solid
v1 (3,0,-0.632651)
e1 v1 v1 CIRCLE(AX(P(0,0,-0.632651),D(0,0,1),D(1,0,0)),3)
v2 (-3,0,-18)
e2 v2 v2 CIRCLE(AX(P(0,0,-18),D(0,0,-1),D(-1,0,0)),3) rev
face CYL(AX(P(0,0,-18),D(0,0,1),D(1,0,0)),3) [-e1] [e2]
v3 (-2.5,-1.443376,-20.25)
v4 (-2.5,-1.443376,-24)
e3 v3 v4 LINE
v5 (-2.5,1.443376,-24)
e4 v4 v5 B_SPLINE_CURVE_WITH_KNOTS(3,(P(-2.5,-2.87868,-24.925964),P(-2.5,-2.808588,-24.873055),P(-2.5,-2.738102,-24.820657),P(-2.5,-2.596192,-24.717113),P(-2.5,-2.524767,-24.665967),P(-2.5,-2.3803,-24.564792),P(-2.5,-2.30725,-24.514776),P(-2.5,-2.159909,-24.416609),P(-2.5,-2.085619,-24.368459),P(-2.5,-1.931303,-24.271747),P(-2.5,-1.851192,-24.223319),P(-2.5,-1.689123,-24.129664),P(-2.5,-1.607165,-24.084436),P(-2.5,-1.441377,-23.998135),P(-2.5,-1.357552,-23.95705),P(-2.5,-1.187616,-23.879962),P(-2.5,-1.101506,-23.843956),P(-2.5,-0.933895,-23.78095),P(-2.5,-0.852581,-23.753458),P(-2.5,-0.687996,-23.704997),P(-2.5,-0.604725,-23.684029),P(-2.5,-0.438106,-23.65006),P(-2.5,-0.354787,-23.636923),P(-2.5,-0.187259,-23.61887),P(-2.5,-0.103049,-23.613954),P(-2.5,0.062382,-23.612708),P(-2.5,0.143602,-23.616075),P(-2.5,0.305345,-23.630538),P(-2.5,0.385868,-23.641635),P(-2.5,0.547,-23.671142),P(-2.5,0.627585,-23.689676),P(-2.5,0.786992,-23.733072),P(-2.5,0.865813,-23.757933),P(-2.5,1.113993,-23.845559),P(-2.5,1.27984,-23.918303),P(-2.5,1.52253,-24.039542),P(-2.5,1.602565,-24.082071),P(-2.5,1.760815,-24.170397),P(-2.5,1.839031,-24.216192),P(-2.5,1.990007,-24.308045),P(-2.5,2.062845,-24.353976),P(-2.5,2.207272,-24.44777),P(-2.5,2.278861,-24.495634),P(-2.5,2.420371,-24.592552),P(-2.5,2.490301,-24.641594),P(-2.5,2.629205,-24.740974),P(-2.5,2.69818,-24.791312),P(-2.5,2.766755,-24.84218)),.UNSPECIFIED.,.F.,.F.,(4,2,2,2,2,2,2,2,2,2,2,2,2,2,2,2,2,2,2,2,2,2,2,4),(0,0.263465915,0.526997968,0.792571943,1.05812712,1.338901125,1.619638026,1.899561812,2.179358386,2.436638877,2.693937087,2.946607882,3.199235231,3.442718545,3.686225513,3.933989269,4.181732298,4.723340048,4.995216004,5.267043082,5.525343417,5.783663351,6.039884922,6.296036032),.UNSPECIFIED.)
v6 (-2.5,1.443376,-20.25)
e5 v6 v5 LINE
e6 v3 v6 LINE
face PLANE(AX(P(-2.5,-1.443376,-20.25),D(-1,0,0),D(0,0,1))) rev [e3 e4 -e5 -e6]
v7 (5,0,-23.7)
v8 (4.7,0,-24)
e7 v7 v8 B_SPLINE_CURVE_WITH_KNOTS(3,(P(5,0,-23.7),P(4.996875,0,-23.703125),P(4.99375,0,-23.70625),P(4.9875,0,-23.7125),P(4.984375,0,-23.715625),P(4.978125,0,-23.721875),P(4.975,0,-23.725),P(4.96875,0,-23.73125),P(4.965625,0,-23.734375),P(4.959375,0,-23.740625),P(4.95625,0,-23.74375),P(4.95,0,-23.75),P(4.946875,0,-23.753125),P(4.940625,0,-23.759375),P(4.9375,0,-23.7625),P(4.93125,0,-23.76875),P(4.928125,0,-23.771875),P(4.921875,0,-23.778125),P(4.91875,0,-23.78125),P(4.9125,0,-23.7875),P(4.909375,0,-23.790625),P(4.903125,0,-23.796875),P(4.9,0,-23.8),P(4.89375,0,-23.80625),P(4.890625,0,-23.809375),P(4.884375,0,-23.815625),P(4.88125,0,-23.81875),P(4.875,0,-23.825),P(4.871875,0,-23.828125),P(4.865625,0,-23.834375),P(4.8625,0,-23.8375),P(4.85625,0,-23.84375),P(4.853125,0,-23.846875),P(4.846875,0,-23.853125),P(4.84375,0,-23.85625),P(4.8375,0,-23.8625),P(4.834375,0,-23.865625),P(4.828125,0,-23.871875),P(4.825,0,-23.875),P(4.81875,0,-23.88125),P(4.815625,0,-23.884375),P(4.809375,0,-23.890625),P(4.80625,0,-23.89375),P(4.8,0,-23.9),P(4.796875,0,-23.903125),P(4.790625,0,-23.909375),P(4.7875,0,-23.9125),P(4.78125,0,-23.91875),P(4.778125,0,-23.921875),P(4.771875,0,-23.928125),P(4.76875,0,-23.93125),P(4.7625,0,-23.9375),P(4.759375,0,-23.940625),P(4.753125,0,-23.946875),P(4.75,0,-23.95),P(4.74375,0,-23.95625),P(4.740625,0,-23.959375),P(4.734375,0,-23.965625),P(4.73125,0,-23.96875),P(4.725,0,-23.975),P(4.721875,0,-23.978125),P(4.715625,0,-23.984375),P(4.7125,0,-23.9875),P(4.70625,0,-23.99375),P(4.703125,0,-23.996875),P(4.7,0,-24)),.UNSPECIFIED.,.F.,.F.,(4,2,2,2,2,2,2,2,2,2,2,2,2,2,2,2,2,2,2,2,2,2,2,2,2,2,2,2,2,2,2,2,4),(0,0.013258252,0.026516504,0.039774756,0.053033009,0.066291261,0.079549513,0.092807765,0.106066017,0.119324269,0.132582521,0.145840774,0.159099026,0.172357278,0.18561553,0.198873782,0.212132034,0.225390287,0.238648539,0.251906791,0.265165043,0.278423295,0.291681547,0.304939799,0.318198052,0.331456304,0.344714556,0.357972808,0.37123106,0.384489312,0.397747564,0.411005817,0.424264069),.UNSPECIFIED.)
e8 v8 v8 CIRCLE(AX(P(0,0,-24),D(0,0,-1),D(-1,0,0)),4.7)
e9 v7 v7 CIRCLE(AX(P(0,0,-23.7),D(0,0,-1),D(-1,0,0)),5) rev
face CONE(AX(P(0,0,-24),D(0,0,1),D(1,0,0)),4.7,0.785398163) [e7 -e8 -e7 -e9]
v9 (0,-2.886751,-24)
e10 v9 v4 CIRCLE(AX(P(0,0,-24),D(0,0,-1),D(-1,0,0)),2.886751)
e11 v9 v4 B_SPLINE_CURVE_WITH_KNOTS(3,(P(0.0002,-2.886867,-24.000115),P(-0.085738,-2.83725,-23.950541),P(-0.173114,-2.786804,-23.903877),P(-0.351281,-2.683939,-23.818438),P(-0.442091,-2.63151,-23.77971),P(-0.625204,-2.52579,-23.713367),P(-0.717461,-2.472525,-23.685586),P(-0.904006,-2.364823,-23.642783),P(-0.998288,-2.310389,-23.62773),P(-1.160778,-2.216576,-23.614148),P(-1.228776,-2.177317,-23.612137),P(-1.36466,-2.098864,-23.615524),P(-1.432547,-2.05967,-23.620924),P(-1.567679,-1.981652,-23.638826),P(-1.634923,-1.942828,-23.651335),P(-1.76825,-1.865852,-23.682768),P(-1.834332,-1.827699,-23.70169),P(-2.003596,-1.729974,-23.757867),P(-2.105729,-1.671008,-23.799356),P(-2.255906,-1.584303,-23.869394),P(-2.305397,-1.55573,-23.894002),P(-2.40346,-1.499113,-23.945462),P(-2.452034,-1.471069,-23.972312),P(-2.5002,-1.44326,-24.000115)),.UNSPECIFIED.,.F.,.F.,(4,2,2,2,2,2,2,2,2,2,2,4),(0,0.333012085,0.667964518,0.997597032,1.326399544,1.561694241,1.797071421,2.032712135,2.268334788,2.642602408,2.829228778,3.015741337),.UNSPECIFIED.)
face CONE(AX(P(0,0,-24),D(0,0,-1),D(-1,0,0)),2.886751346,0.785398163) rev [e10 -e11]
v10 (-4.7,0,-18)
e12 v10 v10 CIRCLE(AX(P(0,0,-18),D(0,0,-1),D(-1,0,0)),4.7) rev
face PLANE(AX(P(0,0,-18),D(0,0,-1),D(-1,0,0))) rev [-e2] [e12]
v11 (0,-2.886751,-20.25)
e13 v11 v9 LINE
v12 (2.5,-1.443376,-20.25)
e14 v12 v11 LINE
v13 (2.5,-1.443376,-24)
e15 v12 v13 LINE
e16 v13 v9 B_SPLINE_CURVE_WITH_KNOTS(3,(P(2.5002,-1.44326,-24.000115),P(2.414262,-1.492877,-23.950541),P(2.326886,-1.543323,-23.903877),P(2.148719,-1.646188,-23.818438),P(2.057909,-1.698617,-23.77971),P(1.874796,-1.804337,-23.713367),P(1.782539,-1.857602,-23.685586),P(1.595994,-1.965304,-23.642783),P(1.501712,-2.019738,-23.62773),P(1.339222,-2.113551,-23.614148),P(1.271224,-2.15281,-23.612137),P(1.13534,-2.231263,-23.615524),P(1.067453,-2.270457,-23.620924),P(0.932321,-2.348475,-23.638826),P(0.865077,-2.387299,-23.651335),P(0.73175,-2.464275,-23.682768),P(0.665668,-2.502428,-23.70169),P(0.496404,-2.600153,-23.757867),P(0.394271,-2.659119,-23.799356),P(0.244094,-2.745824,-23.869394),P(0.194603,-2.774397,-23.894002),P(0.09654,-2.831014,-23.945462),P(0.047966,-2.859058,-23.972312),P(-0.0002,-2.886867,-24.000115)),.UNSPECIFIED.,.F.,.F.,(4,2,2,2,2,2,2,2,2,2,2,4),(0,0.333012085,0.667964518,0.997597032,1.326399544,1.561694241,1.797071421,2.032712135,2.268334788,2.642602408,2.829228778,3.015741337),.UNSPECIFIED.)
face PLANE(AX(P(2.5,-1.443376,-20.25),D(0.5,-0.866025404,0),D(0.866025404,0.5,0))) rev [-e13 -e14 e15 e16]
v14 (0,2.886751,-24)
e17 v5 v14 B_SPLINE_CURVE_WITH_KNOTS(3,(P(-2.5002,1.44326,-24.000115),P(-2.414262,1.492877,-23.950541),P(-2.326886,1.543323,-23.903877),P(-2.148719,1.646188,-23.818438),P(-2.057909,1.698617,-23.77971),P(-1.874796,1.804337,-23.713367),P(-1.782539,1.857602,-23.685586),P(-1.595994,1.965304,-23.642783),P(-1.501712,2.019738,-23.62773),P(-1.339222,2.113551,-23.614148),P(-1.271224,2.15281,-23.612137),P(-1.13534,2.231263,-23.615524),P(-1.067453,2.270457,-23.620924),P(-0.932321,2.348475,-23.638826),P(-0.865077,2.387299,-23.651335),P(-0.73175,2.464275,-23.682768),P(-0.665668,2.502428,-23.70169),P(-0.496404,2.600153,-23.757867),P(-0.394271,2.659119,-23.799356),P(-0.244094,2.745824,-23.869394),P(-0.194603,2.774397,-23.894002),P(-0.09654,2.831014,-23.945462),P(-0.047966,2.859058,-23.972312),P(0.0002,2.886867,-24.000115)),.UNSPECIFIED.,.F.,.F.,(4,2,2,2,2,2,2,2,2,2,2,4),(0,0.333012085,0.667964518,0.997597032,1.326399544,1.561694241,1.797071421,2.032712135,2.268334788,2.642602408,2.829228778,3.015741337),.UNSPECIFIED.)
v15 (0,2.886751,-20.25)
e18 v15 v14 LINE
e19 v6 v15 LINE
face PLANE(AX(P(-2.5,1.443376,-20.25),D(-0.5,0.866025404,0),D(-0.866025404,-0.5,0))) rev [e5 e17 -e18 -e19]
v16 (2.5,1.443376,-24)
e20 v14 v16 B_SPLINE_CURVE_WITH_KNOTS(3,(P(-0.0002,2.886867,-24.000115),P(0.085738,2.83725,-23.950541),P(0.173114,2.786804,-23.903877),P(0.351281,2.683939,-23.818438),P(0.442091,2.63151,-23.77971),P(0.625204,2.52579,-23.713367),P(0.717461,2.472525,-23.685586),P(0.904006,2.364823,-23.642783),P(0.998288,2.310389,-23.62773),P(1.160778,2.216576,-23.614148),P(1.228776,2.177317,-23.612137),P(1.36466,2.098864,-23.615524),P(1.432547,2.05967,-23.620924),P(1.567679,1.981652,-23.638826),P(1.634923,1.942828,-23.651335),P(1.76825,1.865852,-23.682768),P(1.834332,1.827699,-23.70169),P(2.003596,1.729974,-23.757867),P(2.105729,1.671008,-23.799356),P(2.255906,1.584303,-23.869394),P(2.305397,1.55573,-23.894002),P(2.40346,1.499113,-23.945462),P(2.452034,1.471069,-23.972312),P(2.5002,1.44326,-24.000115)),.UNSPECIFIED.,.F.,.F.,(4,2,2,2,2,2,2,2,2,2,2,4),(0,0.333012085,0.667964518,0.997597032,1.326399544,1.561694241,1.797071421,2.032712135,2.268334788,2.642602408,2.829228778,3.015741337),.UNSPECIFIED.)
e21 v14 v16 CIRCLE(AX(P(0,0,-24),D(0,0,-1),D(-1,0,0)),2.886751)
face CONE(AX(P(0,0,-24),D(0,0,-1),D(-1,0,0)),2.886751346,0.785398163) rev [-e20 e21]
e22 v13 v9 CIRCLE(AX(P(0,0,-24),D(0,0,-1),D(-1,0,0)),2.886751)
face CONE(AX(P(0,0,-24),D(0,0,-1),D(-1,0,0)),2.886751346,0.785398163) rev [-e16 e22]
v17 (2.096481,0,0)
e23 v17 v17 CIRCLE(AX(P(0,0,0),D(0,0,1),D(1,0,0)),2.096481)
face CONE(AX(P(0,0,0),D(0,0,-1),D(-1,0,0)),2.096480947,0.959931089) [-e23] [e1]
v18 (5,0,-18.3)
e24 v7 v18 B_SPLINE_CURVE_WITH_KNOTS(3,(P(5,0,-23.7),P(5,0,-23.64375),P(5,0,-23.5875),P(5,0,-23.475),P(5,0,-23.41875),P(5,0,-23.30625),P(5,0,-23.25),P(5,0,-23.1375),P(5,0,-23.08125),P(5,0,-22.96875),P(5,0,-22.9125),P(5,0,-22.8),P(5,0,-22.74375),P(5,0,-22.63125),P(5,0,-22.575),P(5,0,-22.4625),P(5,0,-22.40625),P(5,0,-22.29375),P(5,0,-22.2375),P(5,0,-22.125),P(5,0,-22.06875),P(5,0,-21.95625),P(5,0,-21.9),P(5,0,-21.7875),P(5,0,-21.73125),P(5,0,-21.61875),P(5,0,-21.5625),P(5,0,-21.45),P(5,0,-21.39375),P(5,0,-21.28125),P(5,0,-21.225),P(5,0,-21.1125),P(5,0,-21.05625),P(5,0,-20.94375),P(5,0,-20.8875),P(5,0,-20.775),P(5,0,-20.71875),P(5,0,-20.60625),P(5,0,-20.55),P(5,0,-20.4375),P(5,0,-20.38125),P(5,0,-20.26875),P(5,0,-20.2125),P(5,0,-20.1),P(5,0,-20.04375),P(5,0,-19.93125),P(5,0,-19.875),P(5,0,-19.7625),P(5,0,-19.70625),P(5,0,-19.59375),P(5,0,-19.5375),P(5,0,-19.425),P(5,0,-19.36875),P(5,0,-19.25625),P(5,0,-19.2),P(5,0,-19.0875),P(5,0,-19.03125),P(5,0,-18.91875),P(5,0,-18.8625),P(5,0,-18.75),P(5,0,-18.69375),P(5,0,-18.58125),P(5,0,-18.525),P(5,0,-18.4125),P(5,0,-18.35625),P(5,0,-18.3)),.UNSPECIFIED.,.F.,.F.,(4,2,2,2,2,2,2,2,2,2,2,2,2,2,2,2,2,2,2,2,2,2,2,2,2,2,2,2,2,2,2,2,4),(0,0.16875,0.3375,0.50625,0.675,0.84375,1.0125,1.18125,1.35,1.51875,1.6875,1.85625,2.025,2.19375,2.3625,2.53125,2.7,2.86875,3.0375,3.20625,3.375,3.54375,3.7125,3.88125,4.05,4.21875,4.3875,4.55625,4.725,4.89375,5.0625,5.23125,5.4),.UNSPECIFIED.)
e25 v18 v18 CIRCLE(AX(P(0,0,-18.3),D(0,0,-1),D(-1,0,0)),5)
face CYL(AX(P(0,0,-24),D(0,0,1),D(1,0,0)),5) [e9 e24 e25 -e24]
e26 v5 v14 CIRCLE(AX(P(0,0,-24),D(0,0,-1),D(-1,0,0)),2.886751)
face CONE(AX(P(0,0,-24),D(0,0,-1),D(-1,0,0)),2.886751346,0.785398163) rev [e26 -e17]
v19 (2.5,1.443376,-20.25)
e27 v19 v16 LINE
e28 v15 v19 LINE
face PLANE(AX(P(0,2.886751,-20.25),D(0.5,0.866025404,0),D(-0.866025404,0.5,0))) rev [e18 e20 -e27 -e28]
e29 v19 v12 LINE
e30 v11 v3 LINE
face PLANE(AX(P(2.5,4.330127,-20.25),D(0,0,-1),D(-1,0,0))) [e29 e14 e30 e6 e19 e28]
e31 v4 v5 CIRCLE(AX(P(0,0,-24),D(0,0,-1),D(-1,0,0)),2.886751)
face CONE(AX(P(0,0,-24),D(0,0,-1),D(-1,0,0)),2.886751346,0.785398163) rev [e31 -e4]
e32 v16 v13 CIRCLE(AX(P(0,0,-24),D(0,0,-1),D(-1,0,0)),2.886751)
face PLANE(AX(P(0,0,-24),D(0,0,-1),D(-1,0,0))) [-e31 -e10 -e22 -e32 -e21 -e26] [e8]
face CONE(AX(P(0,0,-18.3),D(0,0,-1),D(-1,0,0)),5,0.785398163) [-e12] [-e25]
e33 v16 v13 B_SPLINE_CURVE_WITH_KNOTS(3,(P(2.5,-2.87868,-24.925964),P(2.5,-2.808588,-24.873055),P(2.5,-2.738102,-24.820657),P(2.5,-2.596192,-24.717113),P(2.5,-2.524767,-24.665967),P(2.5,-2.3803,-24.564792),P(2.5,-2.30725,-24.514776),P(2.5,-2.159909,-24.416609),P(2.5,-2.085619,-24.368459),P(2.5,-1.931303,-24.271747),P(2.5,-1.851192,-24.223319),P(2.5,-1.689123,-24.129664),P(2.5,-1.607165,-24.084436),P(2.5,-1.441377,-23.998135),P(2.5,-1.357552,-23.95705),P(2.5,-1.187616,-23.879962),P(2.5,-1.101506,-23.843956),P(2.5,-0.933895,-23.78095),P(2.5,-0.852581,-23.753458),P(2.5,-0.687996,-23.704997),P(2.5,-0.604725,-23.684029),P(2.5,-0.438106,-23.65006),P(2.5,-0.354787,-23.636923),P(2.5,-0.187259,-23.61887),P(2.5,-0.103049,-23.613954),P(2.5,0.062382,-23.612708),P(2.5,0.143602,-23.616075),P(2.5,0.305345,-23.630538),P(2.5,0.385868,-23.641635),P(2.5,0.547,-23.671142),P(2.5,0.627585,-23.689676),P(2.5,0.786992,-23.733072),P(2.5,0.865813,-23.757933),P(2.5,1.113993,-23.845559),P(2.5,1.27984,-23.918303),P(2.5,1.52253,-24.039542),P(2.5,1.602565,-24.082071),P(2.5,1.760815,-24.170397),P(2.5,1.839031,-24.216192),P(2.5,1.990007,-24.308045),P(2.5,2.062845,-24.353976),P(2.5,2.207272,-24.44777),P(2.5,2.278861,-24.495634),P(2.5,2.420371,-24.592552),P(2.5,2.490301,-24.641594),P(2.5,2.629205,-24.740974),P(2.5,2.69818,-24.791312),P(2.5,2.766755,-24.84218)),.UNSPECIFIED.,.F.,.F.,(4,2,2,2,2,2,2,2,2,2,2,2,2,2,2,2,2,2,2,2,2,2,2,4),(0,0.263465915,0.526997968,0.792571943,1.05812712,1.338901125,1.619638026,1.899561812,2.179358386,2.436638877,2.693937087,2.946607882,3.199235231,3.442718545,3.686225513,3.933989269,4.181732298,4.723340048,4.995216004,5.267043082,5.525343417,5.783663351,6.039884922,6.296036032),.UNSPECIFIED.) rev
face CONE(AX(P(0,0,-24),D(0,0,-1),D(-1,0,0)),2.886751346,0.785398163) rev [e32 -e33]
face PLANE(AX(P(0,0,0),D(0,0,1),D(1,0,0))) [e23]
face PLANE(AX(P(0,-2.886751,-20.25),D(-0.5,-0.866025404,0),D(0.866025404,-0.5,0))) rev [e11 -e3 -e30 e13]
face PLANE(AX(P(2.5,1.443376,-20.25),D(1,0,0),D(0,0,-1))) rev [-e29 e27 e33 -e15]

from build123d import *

# Parameters (mm, degrees)
SKETCH1_R          = 3
EXTRUDE1_DEPTH     = 18
SKETCH6_R          = 5
EXTRUDE2_DEPTH     = 6
CUT_EXTRUDE1_DEPTH = 3.75
CHAMFER1_SIZE      = 0.3


with BuildPart() as part:
    # Sketch1 → Extrude1 (new body)
    with BuildSketch(Plane.XY):
        Circle(SKETCH1_R)
    extrude(amount=-EXTRUDE1_DEPTH)

    # Sketch4 → Cut-Revolve1 (revolve, cut)
    with BuildSketch(Plane(origin=(0, 0, 0), x_dir=(0, 0, -1), z_dir=(1, 0, 0))):
        Polygon((0.632650852, 3), (0, 2.096480947), (0, 3), align=None)
    revolve(axis=Axis((0, 0, 0), (0, 0, -1)), mode=Mode.SUBTRACT)

    # Sketch6 → Extrude2 (add)
    with BuildSketch(Plane(origin=(0, 0, -18), x_dir=(-1, 0, 0), z_dir=(0, 0, -1))):
        Circle(SKETCH6_R)
    extrude(amount=EXTRUDE2_DEPTH)

    # Sketch7 → Cut-Extrude1 (cut)
    with BuildSketch(Plane(origin=(0, 0, -24), x_dir=(-1, 0, 0), z_dir=(0, 0, -1))):
        Polygon((0, 2.886751346), (-2.5, 1.443375673), (-2.5, -1.443375673), (0, -2.886751346), (2.5, -1.443375673), (2.5, 1.443375673), align=None)
    extrude(amount=-CUT_EXTRUDE1_DEPTH, mode=Mode.SUBTRACT)

    # Cut-Extrude2 cone 1 section (through the dimple's axis) → Cut-Extrude2 (revolve, cut)
    with BuildSketch(Plane(origin=(0, 0, -24), x_dir=(0, 1, 0), z_dir=(1, 0, 0))):
        Polygon((0, 0), (2.886751346, 0), (0, 2.886751346), align=None)
    revolve(axis=Axis((0, 0, -24), (0, 0, 1)), mode=Mode.SUBTRACT)

    # Chamfer1
    chamfer1_edges = [part.edges().sort_by_distance(p)[0] for p in [
        (5, 0, -24),
        (5, 0, -18),
    ]]
    chamfer(chamfer1_edges, length=CHAMFER1_SIZE)

    # Sketch10 → Revolve1 (revolve)
    with BuildSketch(Plane(origin=(0, 0, 0), x_dir=(0, 0, -1), z_dir=(1, 0, 0))):
        Polygon((18, 3), (18, 0), (16.507359313, 0), (17.75, 3), align=None)
    revolve(axis=Axis((0, 0, -18), (0, 0, 1)))


solid = part.part
